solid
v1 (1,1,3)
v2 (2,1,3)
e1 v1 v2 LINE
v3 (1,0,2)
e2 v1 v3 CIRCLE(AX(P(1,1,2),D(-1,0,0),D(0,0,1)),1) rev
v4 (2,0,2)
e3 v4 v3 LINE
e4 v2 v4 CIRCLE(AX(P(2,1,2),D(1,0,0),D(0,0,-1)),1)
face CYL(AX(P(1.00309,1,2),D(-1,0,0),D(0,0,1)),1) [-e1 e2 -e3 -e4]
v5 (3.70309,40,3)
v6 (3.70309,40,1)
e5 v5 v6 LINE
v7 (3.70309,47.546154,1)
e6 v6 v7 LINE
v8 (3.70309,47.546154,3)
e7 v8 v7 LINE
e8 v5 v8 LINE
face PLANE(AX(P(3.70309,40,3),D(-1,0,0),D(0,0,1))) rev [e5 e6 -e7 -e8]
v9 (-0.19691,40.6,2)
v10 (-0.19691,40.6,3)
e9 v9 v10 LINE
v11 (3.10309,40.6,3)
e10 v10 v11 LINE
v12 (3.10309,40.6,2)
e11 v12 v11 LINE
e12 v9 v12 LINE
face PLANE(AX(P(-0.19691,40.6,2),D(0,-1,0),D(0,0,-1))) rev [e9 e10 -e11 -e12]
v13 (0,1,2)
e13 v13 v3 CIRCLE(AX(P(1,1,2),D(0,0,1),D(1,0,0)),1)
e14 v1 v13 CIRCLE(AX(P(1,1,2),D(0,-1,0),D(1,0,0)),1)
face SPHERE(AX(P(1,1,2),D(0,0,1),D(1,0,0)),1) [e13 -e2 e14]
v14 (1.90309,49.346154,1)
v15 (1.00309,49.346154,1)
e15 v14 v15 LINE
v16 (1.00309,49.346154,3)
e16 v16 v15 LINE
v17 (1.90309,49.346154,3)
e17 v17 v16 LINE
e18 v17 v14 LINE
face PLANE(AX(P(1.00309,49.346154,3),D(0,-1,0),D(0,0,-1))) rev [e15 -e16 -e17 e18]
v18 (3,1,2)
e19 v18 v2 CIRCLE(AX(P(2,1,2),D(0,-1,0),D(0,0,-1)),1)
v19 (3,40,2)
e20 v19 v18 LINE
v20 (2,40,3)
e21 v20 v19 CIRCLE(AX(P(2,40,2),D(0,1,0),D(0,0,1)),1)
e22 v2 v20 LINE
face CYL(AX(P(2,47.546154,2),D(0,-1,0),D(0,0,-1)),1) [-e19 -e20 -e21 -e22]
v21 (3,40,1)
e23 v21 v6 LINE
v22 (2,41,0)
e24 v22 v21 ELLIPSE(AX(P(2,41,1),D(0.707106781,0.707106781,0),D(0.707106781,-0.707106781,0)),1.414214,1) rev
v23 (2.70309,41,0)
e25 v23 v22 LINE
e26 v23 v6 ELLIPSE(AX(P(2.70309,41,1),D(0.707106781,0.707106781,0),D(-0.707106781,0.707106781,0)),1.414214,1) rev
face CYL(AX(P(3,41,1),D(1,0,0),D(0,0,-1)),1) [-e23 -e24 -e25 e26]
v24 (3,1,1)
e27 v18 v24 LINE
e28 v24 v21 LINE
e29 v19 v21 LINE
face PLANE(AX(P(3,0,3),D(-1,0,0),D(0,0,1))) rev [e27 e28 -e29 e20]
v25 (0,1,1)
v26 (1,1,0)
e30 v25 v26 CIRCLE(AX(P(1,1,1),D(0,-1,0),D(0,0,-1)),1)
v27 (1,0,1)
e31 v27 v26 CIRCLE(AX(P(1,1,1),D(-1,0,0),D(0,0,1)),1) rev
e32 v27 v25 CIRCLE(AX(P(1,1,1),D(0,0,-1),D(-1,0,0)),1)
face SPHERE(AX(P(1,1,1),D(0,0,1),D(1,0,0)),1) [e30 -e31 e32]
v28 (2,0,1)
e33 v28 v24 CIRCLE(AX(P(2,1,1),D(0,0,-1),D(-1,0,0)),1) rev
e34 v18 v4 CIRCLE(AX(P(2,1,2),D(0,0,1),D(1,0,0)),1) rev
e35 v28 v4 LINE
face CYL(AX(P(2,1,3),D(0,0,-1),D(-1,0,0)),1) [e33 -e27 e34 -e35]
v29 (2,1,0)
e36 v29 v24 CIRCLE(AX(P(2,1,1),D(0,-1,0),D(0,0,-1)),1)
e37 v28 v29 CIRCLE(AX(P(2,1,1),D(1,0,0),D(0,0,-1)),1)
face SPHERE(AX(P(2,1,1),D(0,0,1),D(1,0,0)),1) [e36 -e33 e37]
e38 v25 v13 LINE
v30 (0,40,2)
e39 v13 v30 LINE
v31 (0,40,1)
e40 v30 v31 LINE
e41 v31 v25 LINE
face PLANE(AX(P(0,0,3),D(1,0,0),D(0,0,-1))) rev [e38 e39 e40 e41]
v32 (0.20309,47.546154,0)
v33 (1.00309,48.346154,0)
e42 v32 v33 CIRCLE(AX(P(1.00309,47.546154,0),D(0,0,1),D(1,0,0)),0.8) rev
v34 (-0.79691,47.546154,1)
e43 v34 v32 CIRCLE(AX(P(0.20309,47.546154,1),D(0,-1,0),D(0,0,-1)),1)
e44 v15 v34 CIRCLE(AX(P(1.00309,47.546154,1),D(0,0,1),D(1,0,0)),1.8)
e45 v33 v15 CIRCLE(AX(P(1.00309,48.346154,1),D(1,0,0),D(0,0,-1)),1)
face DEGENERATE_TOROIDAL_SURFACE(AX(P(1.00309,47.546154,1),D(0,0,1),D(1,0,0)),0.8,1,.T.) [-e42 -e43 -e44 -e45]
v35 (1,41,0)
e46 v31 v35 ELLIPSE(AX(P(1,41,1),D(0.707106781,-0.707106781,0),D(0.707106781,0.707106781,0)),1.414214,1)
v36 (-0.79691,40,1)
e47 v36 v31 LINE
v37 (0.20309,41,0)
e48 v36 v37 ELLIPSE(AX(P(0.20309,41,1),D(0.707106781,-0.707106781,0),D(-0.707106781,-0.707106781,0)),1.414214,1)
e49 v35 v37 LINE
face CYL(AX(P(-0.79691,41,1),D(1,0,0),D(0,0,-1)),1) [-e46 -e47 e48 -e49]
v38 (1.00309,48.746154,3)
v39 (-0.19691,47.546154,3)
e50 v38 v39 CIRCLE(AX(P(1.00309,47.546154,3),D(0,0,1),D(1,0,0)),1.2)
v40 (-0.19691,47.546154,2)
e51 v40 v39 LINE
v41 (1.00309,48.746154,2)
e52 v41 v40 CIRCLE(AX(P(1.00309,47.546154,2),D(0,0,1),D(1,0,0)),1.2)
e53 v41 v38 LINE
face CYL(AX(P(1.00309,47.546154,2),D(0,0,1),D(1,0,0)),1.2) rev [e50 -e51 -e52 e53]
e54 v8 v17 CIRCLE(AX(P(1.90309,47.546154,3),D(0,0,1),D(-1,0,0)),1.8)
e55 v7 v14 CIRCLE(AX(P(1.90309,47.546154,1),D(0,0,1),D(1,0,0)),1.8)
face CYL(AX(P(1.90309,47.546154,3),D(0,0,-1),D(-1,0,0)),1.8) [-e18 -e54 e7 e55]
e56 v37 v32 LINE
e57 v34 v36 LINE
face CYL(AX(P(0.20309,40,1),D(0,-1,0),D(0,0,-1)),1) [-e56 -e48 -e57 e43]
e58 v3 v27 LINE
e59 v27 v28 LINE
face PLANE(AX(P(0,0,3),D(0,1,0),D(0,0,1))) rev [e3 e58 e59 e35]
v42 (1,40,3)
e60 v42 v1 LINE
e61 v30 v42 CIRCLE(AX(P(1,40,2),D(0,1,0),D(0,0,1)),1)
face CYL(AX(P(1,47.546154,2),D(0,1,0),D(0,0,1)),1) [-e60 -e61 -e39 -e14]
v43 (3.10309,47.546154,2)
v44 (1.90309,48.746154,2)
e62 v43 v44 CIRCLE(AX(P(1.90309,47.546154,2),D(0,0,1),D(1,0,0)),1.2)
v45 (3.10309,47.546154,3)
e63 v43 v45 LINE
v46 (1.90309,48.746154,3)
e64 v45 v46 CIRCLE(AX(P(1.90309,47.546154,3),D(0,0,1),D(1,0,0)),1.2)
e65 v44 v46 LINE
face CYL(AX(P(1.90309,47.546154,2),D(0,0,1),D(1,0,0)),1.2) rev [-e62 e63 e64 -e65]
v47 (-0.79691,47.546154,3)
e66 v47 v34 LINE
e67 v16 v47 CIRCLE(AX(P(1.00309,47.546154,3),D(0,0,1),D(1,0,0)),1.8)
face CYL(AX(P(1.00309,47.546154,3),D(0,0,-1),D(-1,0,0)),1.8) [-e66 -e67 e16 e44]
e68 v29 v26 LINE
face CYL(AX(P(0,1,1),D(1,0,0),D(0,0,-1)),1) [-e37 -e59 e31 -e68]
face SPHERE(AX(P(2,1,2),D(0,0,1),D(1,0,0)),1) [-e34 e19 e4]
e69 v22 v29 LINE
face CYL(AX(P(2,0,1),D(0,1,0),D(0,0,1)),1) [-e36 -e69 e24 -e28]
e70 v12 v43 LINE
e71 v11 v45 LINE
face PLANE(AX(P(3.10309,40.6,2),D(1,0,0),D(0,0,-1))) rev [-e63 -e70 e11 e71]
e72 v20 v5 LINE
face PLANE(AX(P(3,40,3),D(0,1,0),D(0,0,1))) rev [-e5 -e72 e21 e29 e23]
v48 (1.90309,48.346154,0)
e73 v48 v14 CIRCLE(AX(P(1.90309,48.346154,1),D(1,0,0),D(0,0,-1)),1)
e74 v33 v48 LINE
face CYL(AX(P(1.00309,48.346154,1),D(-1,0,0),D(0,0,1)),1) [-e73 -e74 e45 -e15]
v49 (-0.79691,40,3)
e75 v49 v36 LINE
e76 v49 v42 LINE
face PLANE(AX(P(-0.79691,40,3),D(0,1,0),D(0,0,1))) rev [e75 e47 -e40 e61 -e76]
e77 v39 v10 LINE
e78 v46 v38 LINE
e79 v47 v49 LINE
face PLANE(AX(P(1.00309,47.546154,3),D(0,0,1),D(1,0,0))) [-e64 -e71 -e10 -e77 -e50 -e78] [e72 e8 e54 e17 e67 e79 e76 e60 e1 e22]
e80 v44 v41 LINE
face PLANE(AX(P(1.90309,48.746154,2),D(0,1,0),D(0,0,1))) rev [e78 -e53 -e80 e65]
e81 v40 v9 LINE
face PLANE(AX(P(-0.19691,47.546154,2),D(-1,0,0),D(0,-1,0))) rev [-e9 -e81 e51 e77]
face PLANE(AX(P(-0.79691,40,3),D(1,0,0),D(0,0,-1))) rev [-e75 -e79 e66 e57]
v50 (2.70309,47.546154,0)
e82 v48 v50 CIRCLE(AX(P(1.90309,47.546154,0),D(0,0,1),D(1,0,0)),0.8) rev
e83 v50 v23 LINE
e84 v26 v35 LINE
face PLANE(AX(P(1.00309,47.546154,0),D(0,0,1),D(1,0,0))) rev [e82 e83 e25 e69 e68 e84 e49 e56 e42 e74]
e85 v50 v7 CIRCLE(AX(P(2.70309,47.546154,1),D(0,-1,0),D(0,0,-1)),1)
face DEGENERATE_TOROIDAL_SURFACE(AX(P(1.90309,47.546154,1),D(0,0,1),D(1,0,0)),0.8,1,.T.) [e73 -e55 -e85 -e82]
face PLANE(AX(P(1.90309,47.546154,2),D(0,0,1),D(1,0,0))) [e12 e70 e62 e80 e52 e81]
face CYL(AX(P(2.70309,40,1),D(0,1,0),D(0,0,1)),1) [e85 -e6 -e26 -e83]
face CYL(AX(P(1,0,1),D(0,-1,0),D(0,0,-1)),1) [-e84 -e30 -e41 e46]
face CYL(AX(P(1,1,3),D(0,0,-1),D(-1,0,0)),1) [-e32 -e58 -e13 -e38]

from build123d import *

# Parameters (mm, degrees)
EXTRUDE_1_DEPTH     = 3
CUT_EXTRUDE_1_DEPTH = 1
FILLET_3_R          = 1


with BuildPart() as part:
    # 草图1 → 凸台-拉伸1 (new body)
    with BuildSketch(Plane.XY):
        with BuildLine():
            Line((3, 40), (3.703089902, 40))
            Line((3.703089902, 40), (3.703089902, 47.546153846))
            ThreePointArc((3.703089902, 47.546153846), (3.175882108, 48.818946052), (1.903089902, 49.346153846))
            Line((1.903089902, 49.346153846), (1.003089902, 49.346153846))
            ThreePointArc((1.003089902, 49.346153846), (-0.269702304, 48.818946052), (-0.796910098, 47.546153846))
            Line((-0.796910098, 47.546153846), (-0.796910098, 40))
            Line((-0.796910098, 40), (0, 40))
            Line((0, 40), (0, 0))
            Line((0, 0), (3, 0))
            Line((3, 0), (3, 40))
        make_face()
    extrude(amount=EXTRUDE_1_DEPTH)

    # 草图2 → 切除-拉伸1 (cut)
    with BuildSketch(Plane.XY.offset(3)):
        with BuildLine():
            Line((3.103089902, 40.6), (3.103089902, 47.546153846))
            ThreePointArc((3.103089902, 47.546153846), (2.751618039, 48.394681984), (1.903089902, 48.746153846))
            Line((1.903089902, 48.746153846), (1.003089902, 48.746153846))
            ThreePointArc((1.003089902, 48.746153846), (0.154561764, 48.394681984), (-0.196910098, 47.546153846))
            Line((-0.196910098, 47.546153846), (-0.196910098, 40.6))
            Line((-0.196910098, 40.6), (3.103089902, 40.6))
        make_face()
    extrude(amount=-CUT_EXTRUDE_1_DEPTH, mode=Mode.SUBTRACT)

    # 圆角3
    fillet_3_edges = [part.edges().sort_by_distance(p)[0] for p in [
        (3, 20, 3),
        (-0.269702304, 48.818946052, 0),
        (1.453089902, 49.346153846, 0),
        (3.175882108, 48.818946052, 0),
        (3.703089902, 43.773076923, 0),
        (3.351544951, 40, 0),
        (3, 20, 0),
        (1.5, 0, 0),
        (0, 20, 0),
        (3, 0, 1.5),
        (0, 0, 1.5),
        (0, 20, 3),
        (1.5, 0, 3),
        (-0.398455049, 40, 0),
        (-0.796910098, 43.773076923, 0),
    ]]
    fillet(fillet_3_edges, radius=FILLET_3_R)


solid = part.part
